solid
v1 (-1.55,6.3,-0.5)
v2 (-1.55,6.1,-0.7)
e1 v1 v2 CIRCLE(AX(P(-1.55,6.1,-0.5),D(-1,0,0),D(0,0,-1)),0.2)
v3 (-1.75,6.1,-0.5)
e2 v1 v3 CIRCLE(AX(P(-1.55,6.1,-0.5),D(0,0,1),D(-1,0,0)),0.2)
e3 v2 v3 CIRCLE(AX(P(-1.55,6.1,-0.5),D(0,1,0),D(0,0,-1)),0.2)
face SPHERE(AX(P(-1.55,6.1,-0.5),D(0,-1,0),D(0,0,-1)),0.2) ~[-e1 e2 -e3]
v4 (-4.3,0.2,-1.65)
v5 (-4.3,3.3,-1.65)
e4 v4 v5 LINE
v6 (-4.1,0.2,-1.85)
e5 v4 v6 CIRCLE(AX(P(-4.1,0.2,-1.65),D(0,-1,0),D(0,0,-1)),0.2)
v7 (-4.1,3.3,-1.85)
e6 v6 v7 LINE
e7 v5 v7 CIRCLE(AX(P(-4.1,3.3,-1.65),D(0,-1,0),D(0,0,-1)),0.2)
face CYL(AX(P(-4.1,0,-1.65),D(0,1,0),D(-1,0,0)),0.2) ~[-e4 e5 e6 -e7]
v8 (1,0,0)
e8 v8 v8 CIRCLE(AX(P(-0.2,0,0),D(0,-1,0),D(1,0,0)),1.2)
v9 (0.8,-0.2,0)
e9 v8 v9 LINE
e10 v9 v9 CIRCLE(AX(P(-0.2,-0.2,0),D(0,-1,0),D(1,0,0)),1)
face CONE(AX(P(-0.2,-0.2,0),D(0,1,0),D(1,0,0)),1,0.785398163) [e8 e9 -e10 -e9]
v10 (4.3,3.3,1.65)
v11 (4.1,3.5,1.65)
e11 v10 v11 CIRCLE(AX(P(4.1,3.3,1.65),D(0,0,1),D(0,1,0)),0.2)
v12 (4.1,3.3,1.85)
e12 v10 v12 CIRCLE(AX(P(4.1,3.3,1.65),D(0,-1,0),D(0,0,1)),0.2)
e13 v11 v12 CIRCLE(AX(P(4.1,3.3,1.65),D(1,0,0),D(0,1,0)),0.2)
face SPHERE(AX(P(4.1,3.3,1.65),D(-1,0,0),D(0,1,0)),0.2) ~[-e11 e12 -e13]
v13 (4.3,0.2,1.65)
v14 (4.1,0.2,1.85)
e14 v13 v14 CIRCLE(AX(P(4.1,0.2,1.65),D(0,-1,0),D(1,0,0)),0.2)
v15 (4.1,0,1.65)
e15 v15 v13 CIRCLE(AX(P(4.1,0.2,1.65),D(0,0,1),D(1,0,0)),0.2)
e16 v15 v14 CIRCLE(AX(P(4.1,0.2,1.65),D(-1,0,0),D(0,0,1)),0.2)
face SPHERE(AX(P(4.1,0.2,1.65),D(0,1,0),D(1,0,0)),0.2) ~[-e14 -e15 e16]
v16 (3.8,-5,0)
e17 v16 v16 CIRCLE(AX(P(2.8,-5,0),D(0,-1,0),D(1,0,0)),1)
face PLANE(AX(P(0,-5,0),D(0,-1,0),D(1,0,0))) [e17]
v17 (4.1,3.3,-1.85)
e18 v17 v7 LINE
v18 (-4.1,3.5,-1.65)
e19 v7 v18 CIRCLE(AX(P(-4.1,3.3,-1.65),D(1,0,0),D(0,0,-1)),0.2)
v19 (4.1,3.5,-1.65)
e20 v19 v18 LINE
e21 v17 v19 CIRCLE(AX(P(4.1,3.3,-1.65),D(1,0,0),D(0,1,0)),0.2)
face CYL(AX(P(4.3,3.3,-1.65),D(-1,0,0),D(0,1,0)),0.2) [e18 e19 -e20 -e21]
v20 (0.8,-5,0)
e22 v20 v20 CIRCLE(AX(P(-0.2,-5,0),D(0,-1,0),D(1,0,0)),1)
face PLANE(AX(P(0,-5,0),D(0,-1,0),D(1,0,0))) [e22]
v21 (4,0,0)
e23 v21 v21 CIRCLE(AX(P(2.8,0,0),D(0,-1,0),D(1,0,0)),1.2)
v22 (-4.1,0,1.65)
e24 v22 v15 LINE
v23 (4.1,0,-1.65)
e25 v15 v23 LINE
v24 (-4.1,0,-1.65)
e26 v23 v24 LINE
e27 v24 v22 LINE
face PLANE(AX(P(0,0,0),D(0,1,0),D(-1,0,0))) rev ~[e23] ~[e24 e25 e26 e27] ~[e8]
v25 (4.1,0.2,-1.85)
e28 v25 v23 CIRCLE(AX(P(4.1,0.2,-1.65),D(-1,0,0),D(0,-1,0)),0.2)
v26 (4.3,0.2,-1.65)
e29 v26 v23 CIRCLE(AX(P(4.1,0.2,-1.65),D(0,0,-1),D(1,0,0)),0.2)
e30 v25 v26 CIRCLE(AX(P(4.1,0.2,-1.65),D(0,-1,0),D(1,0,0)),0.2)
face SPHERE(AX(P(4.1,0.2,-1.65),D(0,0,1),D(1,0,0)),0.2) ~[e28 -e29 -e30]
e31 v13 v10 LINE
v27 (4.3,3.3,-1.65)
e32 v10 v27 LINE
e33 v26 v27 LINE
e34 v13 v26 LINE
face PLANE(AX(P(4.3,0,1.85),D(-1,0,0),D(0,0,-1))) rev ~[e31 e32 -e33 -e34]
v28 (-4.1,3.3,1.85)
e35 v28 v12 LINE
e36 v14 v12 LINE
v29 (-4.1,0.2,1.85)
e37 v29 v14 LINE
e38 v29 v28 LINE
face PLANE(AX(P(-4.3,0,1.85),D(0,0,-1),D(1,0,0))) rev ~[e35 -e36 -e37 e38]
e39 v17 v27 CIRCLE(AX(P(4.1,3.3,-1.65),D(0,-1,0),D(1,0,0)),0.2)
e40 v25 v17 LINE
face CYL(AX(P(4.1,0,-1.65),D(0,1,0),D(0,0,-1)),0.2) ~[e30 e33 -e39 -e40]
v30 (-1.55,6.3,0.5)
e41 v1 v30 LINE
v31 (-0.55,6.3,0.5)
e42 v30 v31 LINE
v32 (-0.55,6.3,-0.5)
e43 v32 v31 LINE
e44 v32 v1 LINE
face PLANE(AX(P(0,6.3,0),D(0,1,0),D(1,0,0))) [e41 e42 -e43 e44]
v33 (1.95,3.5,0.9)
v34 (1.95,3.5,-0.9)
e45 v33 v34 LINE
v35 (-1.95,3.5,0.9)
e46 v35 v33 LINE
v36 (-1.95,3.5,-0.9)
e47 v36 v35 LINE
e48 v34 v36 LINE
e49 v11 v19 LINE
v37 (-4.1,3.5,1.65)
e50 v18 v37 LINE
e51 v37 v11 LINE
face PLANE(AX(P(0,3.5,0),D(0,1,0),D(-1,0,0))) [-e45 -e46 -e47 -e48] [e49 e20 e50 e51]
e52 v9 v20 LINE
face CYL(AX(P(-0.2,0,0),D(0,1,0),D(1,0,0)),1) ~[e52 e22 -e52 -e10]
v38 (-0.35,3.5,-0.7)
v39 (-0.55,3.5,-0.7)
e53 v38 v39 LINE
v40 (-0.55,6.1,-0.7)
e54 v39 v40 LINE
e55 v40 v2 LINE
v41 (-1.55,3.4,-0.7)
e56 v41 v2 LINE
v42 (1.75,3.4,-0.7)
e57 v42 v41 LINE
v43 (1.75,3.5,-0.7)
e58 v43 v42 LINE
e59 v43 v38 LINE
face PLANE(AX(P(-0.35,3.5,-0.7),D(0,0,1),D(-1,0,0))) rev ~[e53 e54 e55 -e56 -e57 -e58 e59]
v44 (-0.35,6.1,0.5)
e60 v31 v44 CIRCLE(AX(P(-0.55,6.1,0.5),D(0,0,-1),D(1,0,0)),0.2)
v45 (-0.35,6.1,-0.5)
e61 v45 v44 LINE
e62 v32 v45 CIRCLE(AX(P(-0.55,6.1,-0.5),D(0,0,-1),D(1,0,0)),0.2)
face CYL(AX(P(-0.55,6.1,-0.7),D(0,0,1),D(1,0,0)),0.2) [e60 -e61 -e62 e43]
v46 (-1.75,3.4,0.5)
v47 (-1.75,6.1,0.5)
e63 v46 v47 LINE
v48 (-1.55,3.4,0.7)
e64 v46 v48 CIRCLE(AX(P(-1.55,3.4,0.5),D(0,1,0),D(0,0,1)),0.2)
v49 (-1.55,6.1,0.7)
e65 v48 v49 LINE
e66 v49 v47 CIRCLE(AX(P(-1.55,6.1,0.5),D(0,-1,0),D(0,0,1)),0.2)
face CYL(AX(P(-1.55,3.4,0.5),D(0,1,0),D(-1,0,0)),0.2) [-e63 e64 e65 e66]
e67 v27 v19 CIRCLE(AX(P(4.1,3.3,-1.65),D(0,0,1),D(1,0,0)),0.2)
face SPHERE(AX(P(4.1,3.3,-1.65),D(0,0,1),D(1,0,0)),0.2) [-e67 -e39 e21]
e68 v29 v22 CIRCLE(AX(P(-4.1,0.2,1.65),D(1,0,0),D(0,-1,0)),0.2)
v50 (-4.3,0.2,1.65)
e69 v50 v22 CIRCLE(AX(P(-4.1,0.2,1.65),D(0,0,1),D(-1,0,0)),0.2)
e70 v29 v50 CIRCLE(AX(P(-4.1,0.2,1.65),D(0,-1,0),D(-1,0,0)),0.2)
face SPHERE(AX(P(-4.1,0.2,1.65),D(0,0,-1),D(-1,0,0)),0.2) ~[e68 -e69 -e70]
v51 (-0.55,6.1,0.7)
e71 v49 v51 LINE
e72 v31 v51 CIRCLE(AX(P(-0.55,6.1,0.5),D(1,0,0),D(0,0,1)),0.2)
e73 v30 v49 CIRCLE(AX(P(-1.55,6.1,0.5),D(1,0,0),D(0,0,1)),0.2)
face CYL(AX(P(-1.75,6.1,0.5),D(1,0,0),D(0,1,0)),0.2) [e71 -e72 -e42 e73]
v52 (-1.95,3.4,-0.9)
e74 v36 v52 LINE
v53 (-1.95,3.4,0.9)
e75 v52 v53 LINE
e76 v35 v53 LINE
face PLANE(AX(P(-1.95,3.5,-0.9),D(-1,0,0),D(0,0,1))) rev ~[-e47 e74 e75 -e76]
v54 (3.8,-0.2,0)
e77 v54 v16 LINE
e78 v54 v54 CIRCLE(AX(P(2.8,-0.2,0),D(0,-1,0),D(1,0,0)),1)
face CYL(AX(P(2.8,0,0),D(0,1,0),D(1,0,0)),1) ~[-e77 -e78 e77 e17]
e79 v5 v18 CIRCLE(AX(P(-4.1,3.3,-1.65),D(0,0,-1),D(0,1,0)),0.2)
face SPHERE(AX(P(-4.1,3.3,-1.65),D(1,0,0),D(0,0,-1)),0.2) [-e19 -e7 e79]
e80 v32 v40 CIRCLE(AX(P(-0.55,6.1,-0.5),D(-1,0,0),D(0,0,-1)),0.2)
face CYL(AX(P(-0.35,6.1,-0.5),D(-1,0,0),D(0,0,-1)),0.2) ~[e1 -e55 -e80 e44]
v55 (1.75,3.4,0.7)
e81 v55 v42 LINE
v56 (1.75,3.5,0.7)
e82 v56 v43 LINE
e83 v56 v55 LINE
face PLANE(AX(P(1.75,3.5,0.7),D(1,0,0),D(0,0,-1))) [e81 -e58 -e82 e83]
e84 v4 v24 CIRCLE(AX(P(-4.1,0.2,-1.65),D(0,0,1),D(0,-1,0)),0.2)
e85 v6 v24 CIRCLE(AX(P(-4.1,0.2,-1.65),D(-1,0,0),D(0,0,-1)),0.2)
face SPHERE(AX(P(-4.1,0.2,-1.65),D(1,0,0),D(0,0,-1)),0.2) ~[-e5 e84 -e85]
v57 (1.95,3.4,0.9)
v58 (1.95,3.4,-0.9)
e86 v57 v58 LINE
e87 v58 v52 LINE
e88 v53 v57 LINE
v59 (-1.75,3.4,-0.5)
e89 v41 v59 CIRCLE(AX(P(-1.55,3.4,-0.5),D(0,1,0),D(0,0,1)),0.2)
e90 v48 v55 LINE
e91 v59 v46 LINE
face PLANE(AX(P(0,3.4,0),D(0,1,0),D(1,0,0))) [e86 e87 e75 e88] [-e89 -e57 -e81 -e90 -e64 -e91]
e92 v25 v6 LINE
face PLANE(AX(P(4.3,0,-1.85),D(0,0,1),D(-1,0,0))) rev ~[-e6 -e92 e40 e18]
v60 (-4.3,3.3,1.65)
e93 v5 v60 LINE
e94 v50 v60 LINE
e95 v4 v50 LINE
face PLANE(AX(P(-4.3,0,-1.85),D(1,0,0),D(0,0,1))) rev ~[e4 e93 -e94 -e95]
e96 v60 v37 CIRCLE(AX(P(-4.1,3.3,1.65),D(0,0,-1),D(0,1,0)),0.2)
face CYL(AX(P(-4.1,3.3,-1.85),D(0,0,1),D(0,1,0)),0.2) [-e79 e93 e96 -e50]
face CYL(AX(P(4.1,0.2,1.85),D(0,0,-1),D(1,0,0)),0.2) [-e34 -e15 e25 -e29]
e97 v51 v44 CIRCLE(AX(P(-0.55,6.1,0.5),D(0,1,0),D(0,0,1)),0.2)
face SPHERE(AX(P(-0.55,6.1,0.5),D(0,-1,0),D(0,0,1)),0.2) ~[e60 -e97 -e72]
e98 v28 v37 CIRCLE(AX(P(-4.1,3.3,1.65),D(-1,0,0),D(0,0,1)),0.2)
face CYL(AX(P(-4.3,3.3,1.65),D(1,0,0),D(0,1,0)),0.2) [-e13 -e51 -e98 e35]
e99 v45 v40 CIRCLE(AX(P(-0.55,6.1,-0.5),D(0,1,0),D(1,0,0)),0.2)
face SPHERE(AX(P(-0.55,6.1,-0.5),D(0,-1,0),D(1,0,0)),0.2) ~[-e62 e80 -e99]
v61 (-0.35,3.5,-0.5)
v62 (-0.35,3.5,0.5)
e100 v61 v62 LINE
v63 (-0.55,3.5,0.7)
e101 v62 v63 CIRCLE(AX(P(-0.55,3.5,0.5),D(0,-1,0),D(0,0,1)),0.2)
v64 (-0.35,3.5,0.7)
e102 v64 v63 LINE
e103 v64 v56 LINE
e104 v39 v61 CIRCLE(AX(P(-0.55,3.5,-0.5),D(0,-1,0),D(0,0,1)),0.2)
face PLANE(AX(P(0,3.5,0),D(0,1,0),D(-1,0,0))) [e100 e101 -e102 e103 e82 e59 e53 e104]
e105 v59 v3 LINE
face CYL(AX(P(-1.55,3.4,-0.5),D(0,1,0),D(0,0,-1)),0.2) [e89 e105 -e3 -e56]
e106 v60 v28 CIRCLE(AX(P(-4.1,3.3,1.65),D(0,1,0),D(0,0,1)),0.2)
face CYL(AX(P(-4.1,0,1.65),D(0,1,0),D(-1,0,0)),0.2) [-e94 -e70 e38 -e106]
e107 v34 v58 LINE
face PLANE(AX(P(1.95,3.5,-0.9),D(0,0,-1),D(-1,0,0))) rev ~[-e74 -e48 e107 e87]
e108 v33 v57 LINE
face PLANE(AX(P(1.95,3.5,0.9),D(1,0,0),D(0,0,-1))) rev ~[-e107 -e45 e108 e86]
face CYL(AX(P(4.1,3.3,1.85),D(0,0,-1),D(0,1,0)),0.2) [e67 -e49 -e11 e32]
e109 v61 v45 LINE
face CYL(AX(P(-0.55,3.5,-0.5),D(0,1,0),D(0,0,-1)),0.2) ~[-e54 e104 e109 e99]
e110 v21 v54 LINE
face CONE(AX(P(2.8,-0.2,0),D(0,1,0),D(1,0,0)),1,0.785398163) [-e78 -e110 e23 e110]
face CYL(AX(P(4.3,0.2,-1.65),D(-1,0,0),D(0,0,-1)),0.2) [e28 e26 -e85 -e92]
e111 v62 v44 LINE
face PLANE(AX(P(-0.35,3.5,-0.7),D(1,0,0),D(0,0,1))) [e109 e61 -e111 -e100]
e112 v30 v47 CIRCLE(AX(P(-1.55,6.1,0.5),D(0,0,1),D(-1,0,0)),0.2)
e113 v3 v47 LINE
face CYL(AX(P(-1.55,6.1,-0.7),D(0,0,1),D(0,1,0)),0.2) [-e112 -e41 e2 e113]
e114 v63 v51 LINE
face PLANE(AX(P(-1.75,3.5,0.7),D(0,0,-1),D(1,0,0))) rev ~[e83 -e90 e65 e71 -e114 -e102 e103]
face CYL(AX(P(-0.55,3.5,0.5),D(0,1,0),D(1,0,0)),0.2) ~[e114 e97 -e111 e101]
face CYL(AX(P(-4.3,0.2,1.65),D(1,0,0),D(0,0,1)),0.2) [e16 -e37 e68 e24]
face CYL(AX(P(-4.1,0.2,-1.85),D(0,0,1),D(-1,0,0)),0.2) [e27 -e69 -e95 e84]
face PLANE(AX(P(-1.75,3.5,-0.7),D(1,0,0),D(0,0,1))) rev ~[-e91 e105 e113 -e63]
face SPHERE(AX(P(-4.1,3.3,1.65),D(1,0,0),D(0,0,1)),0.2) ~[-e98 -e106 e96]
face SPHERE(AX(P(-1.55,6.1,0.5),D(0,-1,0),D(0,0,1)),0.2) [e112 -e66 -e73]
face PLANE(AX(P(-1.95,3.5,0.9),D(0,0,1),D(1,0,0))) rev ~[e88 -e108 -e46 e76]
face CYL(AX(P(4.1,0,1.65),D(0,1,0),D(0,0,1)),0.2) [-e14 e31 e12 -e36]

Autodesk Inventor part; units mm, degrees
ref_plane "YZ Plane" through (0, 0, 0) normal (1, 0, 0) x (0, 1, 0)
ref_plane "XZ Plane" through (0, 0, 0) normal (0, 1, 0) x (-1, 0, 0)
ref_plane "XY Plane" through (0, 0, 0) normal (0, 0, 1) x (1, 0, 0)
sketch "Skizze1" plane through (0, 0, 0) normal (0, 1, 0) x (-1, 0, 0)
  line L0 (4.3, 1.85) -> (-4.3, 1.85)
  line L1 (-4.3, 1.85) -> (-4.3, -1.85)
  line L2 (-4.3, -1.85) -> (4.3, -1.85)
  line L3 (4.3, -1.85) -> (4.3, 1.85)
  line L4 (4.3, 1.85) -> (-4.3, -1.85) construction
  line L5 (-4.3, 1.85) -> (4.3, -1.85) construction
  point P0 (0, 0)
  dimension "d0" = 8.6
  dimension "d1" = 3.7
extrude "Extrusion1" add sketch "Skizze1" along normal blind 3.5
sketch "Skizze2" plane through (0, 3.5, 0) normal (0, 1, 0) x (1, 0, 0)
  line L0 (-1.75, -0.7) -> (1.75, -0.7)
  line L1 (1.75, -0.7) -> (1.75, 0.7)
  line L2 (1.75, 0.7) -> (-1.75, 0.7)
  line L3 (-1.75, 0.7) -> (-1.75, -0.7)
  line L4 (-1.75, -0.7) -> (1.75, 0.7) construction
  line L5 (1.75, -0.7) -> (-1.75, 0.7) construction
  line L6 (-1.95, -0.9) -> (1.95, -0.9)
  line L7 (1.95, -0.9) -> (1.95, 0.9)
  line L8 (1.95, 0.9) -> (-1.95, 0.9)
  line L9 (-1.95, 0.9) -> (-1.95, -0.9)
  line L10 (-1.95, -0.9) -> (1.95, 0.9) construction
  line L11 (1.95, -0.9) -> (-1.95, 0.9) construction
  point P0 (0, 0)
  dimension "d4" = 1.4
  dimension "d5" = 3.5
  dimension "d6" = 0.2
  dimension "d7" = 0.2
extrude "Extrusion2" cut sketch "Skizze2" against normal blind 0.1
sketch "Skizze3" plane through (0, 3.5, 0) normal (0, 1, 0) x (1, 0, 0)
  line L0 (-1.75, 0.7) -> (-1.75, -0.7) projected
  line L1 (1.75, 0.7) -> (-1.75, 0.7) projected
  line L2 (-1.75, -0.7) -> (1.75, -0.7) projected
  line L3 (-1.75, 0.7) -> (-0.35, 0.7)
  line L4 (-0.35, 0.7) -> (-0.35, -0.7)
  line L5 (-0.35, -0.7) -> (-1.75, -0.7)
  line L6 (-1.75, -0.7) -> (-1.75, 0.7)
  point P0 (0, 0)
  dimension "d10" = 1.4
extrude "Extrusion3" add sketch "Skizze3" along normal blind 2.8
sketch "Skizze4" plane through (0, 0, 0) normal (0, -1, 0) x (1, 0, 0)
  circle A0 centre (-0.2, 0) radius 1
  circle A1 centre (2.8, 0) radius 1
  line L0 (4.3, 1.85) -> (4.3, -1.85) projected
  point P0 (0, 0)
  dimension "d16" = 1.5
  dimension "d17" = 3
  dimension "d18" = 2
extrude "Extrusion4" add sketch "Skizze4" along normal blind 5
fillet "Rundung1" radius 0.2 20 edges at (0, 3.5, 1.85) (4.3, 3.5, 0) (4.3, 1.75, 1.85) (4.3, 0, 0) (4.3, 1.75, -1.85) (0, 3.5, -1.85) (0, 0, -1.85) (-4.3, 1.75, -1.85) (-4.3, 0, 0) (-4.3, 1.75, 1.85) (-4.3, 3.5, 0) (0, 0, 1.85) (-0.35, 4.9, -0.7) (-1.75, 4.85, -0.7) (-1.75, 4.85, 0.7) (-0.35, 4.9, 0.7) (-1.05, 6.3, 0.7) (-0.35, 6.3, 0) (-1.05, 6.3, -0.7) (-1.75, 6.3, 0)
chamfer "Fasen1" distance 0.2 angle 45 2 edges at (-1.2, 0, 0) (1.8, 0, 0)
properties part number "Schalter"
